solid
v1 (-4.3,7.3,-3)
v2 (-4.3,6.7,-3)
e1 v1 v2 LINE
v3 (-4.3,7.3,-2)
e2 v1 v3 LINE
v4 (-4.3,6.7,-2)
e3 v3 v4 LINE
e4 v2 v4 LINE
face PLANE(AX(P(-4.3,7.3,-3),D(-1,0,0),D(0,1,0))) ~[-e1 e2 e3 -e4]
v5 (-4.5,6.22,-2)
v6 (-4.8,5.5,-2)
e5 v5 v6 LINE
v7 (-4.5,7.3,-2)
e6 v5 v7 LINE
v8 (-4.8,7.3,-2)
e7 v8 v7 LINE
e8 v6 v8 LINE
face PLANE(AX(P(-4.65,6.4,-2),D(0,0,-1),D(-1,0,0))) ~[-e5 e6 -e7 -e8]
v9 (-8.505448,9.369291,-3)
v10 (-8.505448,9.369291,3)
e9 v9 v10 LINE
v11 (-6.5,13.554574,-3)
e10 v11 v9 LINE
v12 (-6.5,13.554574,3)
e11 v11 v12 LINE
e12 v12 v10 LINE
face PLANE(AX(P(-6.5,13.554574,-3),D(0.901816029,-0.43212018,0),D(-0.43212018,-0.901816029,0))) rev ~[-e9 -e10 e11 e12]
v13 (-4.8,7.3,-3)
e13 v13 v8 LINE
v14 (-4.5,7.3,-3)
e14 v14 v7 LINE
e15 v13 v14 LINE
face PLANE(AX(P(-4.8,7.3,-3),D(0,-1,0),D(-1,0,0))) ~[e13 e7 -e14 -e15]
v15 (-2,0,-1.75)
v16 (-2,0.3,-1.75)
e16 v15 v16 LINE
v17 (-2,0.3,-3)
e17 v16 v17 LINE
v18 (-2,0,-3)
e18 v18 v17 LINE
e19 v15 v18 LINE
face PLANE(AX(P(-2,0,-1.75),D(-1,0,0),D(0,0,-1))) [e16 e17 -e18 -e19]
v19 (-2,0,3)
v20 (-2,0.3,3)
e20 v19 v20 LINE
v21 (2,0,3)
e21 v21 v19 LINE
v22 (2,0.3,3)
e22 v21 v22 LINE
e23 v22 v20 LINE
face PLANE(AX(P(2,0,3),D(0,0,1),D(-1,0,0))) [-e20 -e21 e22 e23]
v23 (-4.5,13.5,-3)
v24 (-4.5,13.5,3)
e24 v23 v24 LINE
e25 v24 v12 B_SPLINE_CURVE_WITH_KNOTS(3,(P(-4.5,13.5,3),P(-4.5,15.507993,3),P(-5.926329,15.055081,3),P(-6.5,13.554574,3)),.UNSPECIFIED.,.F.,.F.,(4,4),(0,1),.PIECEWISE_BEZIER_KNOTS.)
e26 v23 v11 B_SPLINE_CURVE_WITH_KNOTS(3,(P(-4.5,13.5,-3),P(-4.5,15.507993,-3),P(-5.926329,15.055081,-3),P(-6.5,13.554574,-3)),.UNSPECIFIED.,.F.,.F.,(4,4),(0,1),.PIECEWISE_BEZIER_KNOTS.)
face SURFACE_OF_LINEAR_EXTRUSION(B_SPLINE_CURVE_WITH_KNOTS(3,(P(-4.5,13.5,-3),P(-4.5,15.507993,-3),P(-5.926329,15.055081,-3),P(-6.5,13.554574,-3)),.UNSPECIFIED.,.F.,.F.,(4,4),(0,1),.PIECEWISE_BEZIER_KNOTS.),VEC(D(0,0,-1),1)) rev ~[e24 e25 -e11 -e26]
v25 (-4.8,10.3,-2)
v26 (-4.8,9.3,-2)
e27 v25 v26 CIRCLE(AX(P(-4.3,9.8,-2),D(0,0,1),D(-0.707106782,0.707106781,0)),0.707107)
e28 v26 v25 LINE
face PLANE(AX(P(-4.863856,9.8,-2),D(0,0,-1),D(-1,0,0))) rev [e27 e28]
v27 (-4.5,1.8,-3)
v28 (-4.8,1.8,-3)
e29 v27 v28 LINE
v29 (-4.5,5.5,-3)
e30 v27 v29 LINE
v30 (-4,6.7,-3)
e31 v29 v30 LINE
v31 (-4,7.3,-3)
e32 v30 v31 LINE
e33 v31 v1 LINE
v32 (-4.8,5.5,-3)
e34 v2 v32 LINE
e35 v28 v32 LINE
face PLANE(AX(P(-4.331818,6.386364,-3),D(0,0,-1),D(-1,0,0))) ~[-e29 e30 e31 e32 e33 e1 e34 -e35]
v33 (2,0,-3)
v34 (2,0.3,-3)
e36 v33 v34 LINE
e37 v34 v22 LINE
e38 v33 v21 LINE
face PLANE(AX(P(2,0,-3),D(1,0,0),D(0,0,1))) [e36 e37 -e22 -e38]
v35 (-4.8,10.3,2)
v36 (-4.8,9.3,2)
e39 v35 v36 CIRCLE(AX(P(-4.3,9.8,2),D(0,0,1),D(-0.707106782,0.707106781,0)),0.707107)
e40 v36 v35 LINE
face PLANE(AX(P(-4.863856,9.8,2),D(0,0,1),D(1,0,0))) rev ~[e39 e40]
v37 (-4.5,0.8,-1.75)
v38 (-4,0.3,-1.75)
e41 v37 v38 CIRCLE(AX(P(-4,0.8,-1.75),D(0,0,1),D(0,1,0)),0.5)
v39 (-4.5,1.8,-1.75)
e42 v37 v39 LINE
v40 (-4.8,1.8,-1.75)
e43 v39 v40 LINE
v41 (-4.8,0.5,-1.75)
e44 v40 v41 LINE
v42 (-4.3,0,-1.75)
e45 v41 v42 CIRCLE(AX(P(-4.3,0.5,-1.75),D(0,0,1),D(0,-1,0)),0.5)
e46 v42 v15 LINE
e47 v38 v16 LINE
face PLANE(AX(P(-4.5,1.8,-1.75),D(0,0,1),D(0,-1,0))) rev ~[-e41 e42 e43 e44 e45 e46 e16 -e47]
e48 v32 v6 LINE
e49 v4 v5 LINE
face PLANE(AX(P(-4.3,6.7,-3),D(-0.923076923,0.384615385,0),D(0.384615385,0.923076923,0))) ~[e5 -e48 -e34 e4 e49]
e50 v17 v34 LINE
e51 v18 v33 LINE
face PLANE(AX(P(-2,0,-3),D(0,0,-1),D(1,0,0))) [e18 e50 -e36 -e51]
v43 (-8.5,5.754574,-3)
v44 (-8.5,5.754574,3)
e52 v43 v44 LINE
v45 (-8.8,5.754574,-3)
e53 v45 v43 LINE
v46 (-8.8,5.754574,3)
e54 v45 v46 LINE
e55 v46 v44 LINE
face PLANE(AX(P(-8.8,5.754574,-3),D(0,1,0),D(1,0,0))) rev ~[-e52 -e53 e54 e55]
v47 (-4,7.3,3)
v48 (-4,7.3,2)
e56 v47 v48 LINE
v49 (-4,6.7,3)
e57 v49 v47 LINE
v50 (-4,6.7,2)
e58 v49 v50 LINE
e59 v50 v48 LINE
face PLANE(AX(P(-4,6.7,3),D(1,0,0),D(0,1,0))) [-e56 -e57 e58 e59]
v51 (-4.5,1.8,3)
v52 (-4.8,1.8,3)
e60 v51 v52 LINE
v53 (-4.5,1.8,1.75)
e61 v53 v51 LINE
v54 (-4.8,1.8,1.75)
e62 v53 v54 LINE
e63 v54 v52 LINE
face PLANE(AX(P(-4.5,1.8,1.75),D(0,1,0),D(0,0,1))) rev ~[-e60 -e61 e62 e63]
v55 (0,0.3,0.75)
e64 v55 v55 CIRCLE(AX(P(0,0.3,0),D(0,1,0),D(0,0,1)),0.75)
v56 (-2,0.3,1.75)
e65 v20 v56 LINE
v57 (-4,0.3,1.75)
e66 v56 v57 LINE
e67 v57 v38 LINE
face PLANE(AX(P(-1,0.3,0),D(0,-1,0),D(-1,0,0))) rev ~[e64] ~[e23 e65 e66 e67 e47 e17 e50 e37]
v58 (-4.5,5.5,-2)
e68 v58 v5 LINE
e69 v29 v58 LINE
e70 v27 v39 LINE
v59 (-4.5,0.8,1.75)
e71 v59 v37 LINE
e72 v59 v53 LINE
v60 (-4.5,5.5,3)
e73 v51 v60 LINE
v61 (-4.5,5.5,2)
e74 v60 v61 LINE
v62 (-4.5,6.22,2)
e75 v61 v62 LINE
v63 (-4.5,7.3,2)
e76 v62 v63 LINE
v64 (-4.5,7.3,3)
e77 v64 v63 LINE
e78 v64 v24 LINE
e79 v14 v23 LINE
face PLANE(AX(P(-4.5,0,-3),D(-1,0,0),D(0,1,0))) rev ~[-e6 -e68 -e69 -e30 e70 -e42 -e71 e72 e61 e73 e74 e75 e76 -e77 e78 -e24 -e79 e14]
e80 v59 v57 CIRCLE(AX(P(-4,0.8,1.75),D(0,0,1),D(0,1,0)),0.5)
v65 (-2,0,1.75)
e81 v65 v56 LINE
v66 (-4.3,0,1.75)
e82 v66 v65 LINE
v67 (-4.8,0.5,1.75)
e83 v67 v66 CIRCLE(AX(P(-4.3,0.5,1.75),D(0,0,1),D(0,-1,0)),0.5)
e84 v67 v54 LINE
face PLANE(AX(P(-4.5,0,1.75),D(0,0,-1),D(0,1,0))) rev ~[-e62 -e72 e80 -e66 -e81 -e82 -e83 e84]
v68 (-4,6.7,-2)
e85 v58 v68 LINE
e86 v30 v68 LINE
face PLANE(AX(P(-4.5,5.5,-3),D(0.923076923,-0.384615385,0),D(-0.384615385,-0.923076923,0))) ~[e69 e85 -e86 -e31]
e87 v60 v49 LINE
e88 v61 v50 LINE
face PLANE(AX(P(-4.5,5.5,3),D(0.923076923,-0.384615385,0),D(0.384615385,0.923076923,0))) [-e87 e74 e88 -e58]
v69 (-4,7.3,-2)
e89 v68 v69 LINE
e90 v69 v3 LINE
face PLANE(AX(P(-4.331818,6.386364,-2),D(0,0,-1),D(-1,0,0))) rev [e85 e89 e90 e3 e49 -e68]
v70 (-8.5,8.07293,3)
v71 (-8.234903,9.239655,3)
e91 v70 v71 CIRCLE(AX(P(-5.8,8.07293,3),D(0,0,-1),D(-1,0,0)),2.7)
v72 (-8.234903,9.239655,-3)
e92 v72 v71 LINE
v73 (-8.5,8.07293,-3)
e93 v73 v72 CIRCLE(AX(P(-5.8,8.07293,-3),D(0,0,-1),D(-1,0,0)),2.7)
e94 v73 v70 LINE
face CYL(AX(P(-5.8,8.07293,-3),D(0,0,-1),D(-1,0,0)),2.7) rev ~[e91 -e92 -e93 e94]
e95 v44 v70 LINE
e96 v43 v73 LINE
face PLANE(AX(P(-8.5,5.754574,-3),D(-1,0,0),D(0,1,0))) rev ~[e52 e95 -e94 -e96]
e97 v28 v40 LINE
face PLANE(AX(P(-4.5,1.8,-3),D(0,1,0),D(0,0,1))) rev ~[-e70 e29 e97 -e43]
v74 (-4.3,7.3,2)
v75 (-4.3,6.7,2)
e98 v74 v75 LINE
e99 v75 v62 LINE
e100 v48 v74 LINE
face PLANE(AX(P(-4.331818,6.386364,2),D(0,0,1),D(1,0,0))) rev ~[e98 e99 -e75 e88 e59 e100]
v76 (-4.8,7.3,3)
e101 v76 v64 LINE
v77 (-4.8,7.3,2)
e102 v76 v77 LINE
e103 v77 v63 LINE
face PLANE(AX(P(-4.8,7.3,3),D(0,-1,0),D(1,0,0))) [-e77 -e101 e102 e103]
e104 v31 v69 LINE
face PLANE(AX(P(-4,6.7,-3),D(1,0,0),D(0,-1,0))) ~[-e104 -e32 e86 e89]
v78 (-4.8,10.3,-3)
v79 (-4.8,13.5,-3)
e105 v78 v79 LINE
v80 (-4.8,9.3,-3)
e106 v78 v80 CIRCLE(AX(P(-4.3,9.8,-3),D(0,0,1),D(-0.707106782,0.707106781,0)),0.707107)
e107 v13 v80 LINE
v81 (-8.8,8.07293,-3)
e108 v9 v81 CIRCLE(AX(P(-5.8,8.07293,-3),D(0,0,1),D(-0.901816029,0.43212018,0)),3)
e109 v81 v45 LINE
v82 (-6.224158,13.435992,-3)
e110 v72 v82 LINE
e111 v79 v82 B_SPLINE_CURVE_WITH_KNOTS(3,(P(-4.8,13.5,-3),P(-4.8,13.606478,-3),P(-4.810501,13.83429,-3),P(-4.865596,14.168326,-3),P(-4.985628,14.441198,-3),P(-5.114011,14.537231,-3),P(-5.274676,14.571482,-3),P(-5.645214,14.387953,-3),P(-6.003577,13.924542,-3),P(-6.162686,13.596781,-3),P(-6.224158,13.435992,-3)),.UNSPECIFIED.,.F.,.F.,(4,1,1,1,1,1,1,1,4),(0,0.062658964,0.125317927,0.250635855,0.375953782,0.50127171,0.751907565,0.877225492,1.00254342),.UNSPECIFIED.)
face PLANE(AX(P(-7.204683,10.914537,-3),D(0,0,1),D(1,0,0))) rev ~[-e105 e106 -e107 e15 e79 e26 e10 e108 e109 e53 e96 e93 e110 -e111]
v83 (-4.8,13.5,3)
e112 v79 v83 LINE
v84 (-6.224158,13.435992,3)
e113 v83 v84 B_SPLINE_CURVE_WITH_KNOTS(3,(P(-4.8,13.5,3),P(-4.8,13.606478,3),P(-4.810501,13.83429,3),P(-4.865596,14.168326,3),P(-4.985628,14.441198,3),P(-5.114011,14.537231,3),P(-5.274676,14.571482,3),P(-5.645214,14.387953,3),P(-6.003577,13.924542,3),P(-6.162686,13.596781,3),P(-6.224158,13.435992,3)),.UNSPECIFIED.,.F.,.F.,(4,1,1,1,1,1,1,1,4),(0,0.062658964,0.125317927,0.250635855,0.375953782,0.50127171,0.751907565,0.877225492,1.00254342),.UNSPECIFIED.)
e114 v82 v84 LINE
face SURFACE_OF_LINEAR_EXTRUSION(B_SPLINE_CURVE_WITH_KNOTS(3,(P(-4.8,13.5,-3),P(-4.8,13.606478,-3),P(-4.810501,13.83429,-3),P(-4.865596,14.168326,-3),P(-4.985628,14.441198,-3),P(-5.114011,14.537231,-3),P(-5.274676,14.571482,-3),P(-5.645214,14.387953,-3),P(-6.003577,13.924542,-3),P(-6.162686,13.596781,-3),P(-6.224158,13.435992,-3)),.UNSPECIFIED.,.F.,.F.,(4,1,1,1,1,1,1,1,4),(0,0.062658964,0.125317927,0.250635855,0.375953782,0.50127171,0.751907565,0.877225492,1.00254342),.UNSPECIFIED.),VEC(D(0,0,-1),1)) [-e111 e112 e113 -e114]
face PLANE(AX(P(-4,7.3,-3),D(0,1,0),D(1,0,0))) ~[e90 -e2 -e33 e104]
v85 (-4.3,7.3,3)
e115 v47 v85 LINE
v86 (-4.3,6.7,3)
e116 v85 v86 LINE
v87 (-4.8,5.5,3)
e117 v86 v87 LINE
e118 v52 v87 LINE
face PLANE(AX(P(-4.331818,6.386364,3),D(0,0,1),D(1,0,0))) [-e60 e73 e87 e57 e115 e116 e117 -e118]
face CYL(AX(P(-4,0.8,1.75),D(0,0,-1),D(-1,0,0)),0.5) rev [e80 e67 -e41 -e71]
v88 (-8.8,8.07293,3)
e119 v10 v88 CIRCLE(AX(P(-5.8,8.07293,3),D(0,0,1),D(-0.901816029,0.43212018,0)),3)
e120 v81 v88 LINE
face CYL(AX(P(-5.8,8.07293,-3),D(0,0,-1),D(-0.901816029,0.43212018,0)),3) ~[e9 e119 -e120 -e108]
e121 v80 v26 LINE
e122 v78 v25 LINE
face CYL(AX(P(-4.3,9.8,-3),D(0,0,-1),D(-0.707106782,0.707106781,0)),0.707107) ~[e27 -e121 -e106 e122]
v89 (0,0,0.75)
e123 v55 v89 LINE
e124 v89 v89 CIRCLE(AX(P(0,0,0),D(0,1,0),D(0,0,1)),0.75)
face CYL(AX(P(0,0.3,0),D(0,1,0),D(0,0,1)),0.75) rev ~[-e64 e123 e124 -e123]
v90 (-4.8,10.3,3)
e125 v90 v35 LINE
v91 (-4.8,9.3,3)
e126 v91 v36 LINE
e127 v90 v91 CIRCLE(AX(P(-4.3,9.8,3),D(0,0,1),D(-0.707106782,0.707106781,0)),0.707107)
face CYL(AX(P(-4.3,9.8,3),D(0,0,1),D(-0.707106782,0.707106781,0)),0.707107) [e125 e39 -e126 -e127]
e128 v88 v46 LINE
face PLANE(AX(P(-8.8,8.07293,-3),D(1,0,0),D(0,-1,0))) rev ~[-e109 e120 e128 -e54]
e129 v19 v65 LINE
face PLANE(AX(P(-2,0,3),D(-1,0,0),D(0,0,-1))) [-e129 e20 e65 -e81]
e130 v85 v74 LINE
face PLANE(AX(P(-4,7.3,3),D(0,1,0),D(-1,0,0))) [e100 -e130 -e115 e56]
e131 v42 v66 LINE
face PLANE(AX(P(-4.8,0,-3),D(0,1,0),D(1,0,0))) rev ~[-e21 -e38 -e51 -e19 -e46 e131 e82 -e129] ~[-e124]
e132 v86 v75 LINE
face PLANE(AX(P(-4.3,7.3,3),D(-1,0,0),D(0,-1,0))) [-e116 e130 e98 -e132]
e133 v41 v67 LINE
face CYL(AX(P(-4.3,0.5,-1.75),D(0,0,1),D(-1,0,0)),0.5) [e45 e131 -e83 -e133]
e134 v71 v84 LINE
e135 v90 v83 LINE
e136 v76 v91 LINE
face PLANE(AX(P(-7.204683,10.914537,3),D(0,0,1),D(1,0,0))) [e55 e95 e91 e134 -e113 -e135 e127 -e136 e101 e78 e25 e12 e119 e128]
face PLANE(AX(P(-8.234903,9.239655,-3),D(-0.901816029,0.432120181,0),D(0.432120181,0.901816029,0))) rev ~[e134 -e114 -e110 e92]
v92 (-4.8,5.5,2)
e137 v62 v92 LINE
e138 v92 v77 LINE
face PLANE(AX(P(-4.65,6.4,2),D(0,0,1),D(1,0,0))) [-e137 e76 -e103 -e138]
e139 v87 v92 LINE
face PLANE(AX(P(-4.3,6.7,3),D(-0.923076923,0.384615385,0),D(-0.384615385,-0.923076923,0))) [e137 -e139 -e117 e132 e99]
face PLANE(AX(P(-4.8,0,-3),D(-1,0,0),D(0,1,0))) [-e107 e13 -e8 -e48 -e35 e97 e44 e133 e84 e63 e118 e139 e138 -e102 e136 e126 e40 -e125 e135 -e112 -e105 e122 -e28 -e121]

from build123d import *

# Parameters (mm, degrees)
BOSS_EXTRUDE1_DEPTH      = 0.3
BOSS_EXTRUDE2_DEPTH      = 3
BOSS_EXTRUDE2_DEPTH_BACK = 3
BOSS_EXTRUDE2_START      = -1.75
SKETCH2_W                = 0.3
SKETCH2_H                = 13.5
BOSS_EXTRUDE3_DEPTH      = 3
BOSS_EXTRUDE3_DEPTH_BACK = 3
BOSS_EXTRUDE3_START      = -1.75
CUT_EXTRUDE1_REACH       = 19.264
SKETCH4_R                = 0.75
CUT_EXTRUDE2_REACH       = 18.483
SKETCH7_W                = 0.3
SKETCH7_H                = 1.8
CUT_EXTRUDE3_DEPTH       = 1
BOSS_EXTRUDE4_DEPTH      = 1
BOSS_EXTRUDE5_DEPTH      = 1
FILLET1_R                = 0.5


with BuildPart() as part:
    # Sketch1 → Boss-Extrude1 (new body)
    with BuildSketch(Plane(origin=(0, 0, 0), x_dir=(1, 0, 0), z_dir=(0, 1, 0))):
        Polygon((-2, 3), (2, 3), (2, -3), (-2, -3), (-2, -1.75), (-4.5, -1.75), (-4.5, 1.75), (-2, 1.75), align=None)
    extrude(amount=BOSS_EXTRUDE1_DEPTH)

    # Sketch2 → Boss-Extrude2 (add, two sides: drawn at the far end of the back side and taken through both)
    with BuildSketch(Plane.XY.offset(1.75).offset(BOSS_EXTRUDE2_START - BOSS_EXTRUDE2_DEPTH_BACK)):
        with Locations((-4.65, 6.75)):
            Rectangle(SKETCH2_W, SKETCH2_H)
    extrude(amount=BOSS_EXTRUDE2_DEPTH + BOSS_EXTRUDE2_DEPTH_BACK)

    # Sketch3 → Boss-Extrude3 (add, two sides: drawn at the far end of the back side and taken through both)
    with BuildSketch(Plane.XY.offset(1.75).offset(BOSS_EXTRUDE3_START - BOSS_EXTRUDE3_DEPTH_BACK)):
        with BuildLine():
            Line((-6.5, 13.554573958), (-8.505448086, 9.369290995))
            ThreePointArc((-8.505448086, 9.369290995), (-8.725435374, 8.737631794), (-8.8, 8.072930454))
            Line((-8.8, 8.072930454), (-8.8, 5.754573958))
            Line((-8.8, 5.754573958), (-8.5, 5.754573958))
            Line((-8.5, 5.754573958), (-8.5, 8.072930454))
            ThreePointArc((-8.5, 8.072930454), (-8.432891837, 8.67116166), (-8.234903278, 9.239654941))
            Line((-8.234903278, 9.239654941), (-6.224158485, 13.435991899))
            add(Edge.make_bspline(
                [(-4.8, 13.499999998), (-4.800000001, 13.60647764), (-4.810501359, 13.834290272), (-4.865595968, 14.168326182), (-4.985627931, 14.441197759), (-5.11401111, 14.537231122), (-5.274676327, 14.571482274), (-5.645213861, 14.387952807), (-6.003576613, 13.924542153), (-6.162685709, 13.596781364), (-6.224158485, 13.435991899)],
                knots=[0, 0, 0, 0, 0.062658964, 0.125317927, 0.250635855, 0.375953782, 0.50127171, 0.751907565, 0.877225492, 1.00254342, 1.00254342, 1.00254342, 1.00254342], degree=3))
            Line((-4.8, 13.499999998), (-4.5, 13.5))
            add(Edge.make_bspline(
                [(-4.5, 13.5), (-4.500000011, 15.507992756), (-5.926328545, 15.055080891), (-6.5, 13.554573958)],
                knots=[0, 0, 0, 0, 1, 1, 1, 1], degree=3))
        make_face()
    extrude(amount=BOSS_EXTRUDE3_DEPTH + BOSS_EXTRUDE3_DEPTH_BACK)

    # Sketch4 → Cut-Extrude1 (cut, up to next)
    with BuildSketch(Plane(origin=(0, 0.3, 0), x_dir=(1, 0, 0), z_dir=(0, 1, 0)), mode=Mode.PRIVATE) as cut_extrude1_sk1:
        with Locations(Location((0, 0, 0), (0, 0, 270))):
            Circle(SKETCH4_R)
    cut_extrude1_tool1 = extrude(cut_extrude1_sk1.sketch, amount=-CUT_EXTRUDE1_REACH, mode=Mode.PRIVATE) & part.part
    add(cut_extrude1_tool1.solids().sort_by_distance((0, 0.3, 0))[0], mode=Mode.SUBTRACT)

    # Sketch6 → Cut-Extrude2 (cut, up to next)
    with BuildSketch(Plane(origin=(-4.5, 0, 0), x_dir=(0, 0, -1), z_dir=(1, 0, 0)), mode=Mode.PRIVATE) as cut_extrude2_sk1:
        Polygon((1.75, 1.8), (1.75, 0.3), (1.75, 0), (3, 0), (3, 1.8), align=None)
    cut_extrude2_tool1 = extrude(cut_extrude2_sk1.sketch, amount=-CUT_EXTRUDE2_REACH, mode=Mode.PRIVATE) & part.part
    # Sketch6 → Cut-Extrude2 (cut, up to next)
    with BuildSketch(Plane(origin=(-4.5, 0, 0), x_dir=(0, 0, -1), z_dir=(1, 0, 0)), mode=Mode.PRIVATE) as cut_extrude2_sk2:
        Polygon((-1.75, 0.3), (-1.75, 1.8), (-3, 1.8), (-3, 0), (-1.75, 0), align=None)
    cut_extrude2_tool2 = extrude(cut_extrude2_sk2.sketch, amount=-CUT_EXTRUDE2_REACH, mode=Mode.PRIVATE) & part.part
    add(cut_extrude2_tool1.solids().sort_by_distance((-4.5, 0.9, -2.375))[0], mode=Mode.SUBTRACT)
    add(cut_extrude2_tool2.solids().sort_by_distance((-4.5, 0.9, 2.375))[0], mode=Mode.SUBTRACT)

    # Sketch7 → Cut-Extrude3 (cut)
    with BuildSketch(Plane.XY.offset(3)):
        with Locations((-4.65, 6.4)):
            Rectangle(SKETCH7_W, SKETCH7_H)
    cut_extrude3 = extrude(amount=-CUT_EXTRUDE3_DEPTH, mode=Mode.SUBTRACT)

    # Mirror1: Cut-Extrude3 across plane
    add(cut_extrude3.mirror(Plane.XY), mode=Mode.SUBTRACT)

    # Sketch8 → Boss-Extrude4 (add)
    with BuildSketch(Plane.XY.offset(3)):
        Polygon((-4.5, 5.5), (-4, 6.7), (-4, 7.3), (-4.3, 7.3), (-4.3, 6.7), (-4.8, 5.5), align=None)
    boss_extrude4 = extrude(amount=-BOSS_EXTRUDE4_DEPTH)

    # Mirror2: Boss-Extrude4 across plane
    add(boss_extrude4.mirror(Plane.XY))

    # Sketch9 → Boss-Extrude5 (add)
    with BuildSketch(Plane.XY.offset(3)):
        with BuildLine():
            Line((-4.8, 9.3), (-4.8, 10.3))
            ThreePointArc((-4.8, 10.3), (-5.007106781, 9.8), (-4.8, 9.3))
        make_face()
    boss_extrude5 = extrude(amount=-BOSS_EXTRUDE5_DEPTH)

    # Mirror4: Boss-Extrude5 across plane
    add(boss_extrude5.mirror(Plane.XY))

    # Fillet1
    fillet1_edges = [part.edges().sort_by_distance(p)[0] for p in [
        (-4.5, 0.3, 0),
        (-4.8, 0, 0),
    ]]
    fillet(fillet1_edges, radius=FILLET1_R)


solid = part.part
